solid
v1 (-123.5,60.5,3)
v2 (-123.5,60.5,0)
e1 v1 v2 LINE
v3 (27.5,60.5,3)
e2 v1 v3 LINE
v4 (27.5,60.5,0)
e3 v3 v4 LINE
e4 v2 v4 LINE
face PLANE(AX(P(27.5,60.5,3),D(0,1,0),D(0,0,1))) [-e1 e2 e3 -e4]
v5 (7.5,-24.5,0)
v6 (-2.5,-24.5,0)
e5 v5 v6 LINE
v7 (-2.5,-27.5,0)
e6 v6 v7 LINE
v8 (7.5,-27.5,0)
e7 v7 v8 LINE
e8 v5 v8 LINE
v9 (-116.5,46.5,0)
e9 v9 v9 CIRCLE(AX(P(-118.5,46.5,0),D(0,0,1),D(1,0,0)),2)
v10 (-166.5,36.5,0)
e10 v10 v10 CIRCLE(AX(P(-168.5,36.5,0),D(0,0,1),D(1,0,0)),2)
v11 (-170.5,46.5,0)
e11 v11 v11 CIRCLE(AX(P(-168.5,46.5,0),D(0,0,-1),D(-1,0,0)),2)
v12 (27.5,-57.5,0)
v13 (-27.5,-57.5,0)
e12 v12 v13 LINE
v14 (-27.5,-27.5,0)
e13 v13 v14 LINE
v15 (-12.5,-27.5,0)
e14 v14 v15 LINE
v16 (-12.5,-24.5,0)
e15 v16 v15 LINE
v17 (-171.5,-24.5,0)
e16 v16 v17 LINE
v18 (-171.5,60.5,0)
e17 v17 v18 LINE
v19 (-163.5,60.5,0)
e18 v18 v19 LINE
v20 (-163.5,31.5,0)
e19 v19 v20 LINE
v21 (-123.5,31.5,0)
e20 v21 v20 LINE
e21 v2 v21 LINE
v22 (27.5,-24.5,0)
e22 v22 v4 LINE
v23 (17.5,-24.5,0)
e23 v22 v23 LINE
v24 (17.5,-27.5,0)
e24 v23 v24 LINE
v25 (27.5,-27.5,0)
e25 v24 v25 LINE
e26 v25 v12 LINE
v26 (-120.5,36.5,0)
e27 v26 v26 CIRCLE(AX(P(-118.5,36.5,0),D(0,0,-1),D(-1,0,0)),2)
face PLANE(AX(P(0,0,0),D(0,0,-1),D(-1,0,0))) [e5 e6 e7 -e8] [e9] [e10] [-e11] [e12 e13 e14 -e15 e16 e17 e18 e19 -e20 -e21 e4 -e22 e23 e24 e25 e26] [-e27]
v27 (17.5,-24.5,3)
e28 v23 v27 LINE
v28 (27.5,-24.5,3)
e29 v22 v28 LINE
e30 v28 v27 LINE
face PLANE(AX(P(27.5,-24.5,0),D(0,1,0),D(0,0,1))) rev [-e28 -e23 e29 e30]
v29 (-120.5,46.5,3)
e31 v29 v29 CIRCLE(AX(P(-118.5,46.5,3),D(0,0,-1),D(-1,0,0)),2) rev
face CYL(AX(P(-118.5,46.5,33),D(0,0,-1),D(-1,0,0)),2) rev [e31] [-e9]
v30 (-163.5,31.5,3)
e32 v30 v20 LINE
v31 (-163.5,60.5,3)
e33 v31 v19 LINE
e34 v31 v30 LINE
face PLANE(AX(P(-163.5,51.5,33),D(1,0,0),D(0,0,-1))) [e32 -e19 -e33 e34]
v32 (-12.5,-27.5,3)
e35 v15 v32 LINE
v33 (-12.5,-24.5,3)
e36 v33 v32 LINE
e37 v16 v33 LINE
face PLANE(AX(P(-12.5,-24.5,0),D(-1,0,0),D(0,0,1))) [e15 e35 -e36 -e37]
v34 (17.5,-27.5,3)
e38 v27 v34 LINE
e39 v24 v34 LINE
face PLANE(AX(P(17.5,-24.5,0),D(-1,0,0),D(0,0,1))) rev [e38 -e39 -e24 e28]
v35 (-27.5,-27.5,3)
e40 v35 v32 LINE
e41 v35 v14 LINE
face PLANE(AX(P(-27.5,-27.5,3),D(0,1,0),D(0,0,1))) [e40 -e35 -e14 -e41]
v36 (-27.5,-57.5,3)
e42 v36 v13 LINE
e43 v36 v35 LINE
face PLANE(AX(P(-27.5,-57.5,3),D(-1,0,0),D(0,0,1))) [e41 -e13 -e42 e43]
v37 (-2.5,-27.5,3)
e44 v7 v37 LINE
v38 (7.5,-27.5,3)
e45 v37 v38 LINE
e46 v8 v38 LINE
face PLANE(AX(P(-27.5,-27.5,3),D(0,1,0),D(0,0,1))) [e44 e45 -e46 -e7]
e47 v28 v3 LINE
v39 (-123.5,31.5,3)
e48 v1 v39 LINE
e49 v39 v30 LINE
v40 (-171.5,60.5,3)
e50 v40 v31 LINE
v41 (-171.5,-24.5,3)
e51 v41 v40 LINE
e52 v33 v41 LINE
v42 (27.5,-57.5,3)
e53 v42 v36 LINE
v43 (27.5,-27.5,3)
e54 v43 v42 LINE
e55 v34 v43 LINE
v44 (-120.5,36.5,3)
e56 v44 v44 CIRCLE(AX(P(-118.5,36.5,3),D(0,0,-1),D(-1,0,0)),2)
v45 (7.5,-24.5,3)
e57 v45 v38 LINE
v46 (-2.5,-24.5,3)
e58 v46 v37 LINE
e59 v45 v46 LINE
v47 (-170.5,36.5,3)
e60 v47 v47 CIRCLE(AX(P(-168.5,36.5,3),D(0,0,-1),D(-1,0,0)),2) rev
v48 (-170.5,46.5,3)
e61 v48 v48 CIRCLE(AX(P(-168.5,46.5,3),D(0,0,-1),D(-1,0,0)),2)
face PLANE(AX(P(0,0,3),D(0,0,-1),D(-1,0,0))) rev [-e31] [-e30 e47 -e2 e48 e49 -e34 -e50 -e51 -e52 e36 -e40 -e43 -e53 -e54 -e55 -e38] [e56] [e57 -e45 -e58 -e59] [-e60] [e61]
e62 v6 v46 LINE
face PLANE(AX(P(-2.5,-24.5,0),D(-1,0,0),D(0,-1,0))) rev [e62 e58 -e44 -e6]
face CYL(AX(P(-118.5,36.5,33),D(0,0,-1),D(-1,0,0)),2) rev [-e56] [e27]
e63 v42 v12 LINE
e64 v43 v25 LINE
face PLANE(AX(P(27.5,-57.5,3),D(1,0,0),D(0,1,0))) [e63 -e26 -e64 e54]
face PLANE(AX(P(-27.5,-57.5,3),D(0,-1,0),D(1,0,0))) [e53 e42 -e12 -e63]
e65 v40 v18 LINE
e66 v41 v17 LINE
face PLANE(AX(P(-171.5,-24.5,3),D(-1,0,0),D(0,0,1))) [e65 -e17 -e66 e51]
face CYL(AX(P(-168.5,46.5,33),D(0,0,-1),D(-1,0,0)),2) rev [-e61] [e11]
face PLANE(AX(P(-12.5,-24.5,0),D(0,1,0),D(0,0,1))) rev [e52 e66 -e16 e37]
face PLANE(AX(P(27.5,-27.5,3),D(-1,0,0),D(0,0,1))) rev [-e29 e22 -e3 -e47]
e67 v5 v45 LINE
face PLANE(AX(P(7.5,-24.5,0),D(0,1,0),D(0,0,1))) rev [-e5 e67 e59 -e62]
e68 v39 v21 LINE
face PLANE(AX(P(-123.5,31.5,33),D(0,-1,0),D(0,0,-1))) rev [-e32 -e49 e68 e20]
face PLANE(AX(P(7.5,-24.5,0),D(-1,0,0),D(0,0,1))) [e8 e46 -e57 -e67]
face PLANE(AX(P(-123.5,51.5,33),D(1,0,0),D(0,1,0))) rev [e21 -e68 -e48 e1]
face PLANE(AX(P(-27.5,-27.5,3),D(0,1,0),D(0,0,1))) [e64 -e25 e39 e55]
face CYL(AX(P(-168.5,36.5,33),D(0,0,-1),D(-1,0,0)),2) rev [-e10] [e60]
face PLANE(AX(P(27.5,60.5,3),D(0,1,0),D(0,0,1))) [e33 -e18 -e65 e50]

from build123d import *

# Parameters (mm, degrees)
SKETCH1_W           = 55
SKETCH1_H           = 55
BOSS_EXTRUDE1_DEPTH = 3
SKETCH2_W           = 10
SKETCH2_H           = 3
SKETCH2_W_2         = 15
CUT_EXTRUDE1_DEPTH  = 3
SKETCH3_W           = 55
SKETCH3_H           = 30
BOSS_EXTRUDE2_DEPTH = 3
SKETCH4_W           = 144
SKETCH4_H           = 52
BOSS_EXTRUDE3_DEPTH = 3
SKETCH5_W           = 199
SKETCH5_H           = 13
BOSS_EXTRUDE4_DEPTH = 3
SKETCH6_W           = 199
SKETCH6_H           = 20
BOSS_EXTRUDE5_DEPTH = 3
SKETCH7_R           = 2
SKETCH7_W           = 40
SKETCH7_H           = 20
CUT_EXTRUDE22_DEPTH = 33
SKETCH8_W           = 40
SKETCH8_H           = 9
CUT_EXTRUDE23_DEPTH = 33


with BuildPart() as part:
    # Sketch1 → Boss-Extrude1 (new body)
    with BuildSketch(Plane.XY):
        Rectangle(SKETCH1_W, SKETCH1_H)
    extrude(amount=BOSS_EXTRUDE1_DEPTH)

    # Sketch2 → Cut-Extrude1 (cut)
    with BuildSketch(Plane.XY.offset(3)):
        with Locations((22.5, -26)):
            Rectangle(SKETCH2_W, SKETCH2_H)
        with Locations((2.5, -26)):
            Rectangle(SKETCH2_W, SKETCH2_H)
        with Locations((-20, -26)):
            Rectangle(SKETCH2_W_2, SKETCH2_H)
    extrude(amount=-CUT_EXTRUDE1_DEPTH, mode=Mode.SUBTRACT)

    # Sketch3 → Boss-Extrude2 (add)
    with BuildSketch(Plane(origin=(0, 0, 0), x_dir=(-1, 0, 0), z_dir=(0, 0, -1))):
        with Locations((0, -42.5)):
            Rectangle(SKETCH3_W, SKETCH3_H)
    extrude(amount=-BOSS_EXTRUDE2_DEPTH)

    # Sketch4 → Boss-Extrude3 (add)
    with BuildSketch(Plane(origin=(0, 0, 0), x_dir=(-1, 0, 0), z_dir=(0, 0, -1))):
        with Locations((99.5, 1.5)):
            Rectangle(SKETCH4_W, SKETCH4_H)
    extrude(amount=-BOSS_EXTRUDE3_DEPTH)

    # Sketch5 → Boss-Extrude4 (add)
    with BuildSketch(Plane(origin=(0, 0, 0), x_dir=(-1, 0, 0), z_dir=(0, 0, -1))):
        with Locations((72, 34)):
            Rectangle(SKETCH5_W, SKETCH5_H)
    extrude(amount=-BOSS_EXTRUDE4_DEPTH)

    # Sketch6 → Boss-Extrude5 (add)
    with BuildSketch(Plane(origin=(0, 0, 0), x_dir=(-1, 0, 0), z_dir=(0, 0, -1))):
        with Locations((72, 50.5)):
            Rectangle(SKETCH6_W, SKETCH6_H)
    extrude(amount=-BOSS_EXTRUDE5_DEPTH)

    # Sketch7 → Cut-Extrude22 (cut)
    with BuildSketch(Plane(origin=(0, 0, 0), x_dir=(-1, 0, 0), z_dir=(0, 0, -1))):
        with Locations((168.5, 46.5)):
            Circle(SKETCH7_R)
        with Locations((168.5, 36.5)):
            Circle(SKETCH7_R)
        with Locations((118.5, 36.5)):
            Circle(SKETCH7_R)
        with Locations((118.5, 46.5)):
            Circle(SKETCH7_R)
        with Locations((143.5, 41.5)):
            Rectangle(SKETCH7_W, SKETCH7_H)
    extrude(amount=-CUT_EXTRUDE22_DEPTH, mode=Mode.SUBTRACT)

    # Sketch8 → Cut-Extrude23 (cut)
    with BuildSketch(Plane(origin=(0, 0, 0), x_dir=(-1, 0, 0), z_dir=(0, 0, -1))):
        with Locations((143.5, 56)):
            Rectangle(SKETCH8_W, SKETCH8_H)
    extrude(amount=-CUT_EXTRUDE23_DEPTH, mode=Mode.SUBTRACT)


solid = part.part
